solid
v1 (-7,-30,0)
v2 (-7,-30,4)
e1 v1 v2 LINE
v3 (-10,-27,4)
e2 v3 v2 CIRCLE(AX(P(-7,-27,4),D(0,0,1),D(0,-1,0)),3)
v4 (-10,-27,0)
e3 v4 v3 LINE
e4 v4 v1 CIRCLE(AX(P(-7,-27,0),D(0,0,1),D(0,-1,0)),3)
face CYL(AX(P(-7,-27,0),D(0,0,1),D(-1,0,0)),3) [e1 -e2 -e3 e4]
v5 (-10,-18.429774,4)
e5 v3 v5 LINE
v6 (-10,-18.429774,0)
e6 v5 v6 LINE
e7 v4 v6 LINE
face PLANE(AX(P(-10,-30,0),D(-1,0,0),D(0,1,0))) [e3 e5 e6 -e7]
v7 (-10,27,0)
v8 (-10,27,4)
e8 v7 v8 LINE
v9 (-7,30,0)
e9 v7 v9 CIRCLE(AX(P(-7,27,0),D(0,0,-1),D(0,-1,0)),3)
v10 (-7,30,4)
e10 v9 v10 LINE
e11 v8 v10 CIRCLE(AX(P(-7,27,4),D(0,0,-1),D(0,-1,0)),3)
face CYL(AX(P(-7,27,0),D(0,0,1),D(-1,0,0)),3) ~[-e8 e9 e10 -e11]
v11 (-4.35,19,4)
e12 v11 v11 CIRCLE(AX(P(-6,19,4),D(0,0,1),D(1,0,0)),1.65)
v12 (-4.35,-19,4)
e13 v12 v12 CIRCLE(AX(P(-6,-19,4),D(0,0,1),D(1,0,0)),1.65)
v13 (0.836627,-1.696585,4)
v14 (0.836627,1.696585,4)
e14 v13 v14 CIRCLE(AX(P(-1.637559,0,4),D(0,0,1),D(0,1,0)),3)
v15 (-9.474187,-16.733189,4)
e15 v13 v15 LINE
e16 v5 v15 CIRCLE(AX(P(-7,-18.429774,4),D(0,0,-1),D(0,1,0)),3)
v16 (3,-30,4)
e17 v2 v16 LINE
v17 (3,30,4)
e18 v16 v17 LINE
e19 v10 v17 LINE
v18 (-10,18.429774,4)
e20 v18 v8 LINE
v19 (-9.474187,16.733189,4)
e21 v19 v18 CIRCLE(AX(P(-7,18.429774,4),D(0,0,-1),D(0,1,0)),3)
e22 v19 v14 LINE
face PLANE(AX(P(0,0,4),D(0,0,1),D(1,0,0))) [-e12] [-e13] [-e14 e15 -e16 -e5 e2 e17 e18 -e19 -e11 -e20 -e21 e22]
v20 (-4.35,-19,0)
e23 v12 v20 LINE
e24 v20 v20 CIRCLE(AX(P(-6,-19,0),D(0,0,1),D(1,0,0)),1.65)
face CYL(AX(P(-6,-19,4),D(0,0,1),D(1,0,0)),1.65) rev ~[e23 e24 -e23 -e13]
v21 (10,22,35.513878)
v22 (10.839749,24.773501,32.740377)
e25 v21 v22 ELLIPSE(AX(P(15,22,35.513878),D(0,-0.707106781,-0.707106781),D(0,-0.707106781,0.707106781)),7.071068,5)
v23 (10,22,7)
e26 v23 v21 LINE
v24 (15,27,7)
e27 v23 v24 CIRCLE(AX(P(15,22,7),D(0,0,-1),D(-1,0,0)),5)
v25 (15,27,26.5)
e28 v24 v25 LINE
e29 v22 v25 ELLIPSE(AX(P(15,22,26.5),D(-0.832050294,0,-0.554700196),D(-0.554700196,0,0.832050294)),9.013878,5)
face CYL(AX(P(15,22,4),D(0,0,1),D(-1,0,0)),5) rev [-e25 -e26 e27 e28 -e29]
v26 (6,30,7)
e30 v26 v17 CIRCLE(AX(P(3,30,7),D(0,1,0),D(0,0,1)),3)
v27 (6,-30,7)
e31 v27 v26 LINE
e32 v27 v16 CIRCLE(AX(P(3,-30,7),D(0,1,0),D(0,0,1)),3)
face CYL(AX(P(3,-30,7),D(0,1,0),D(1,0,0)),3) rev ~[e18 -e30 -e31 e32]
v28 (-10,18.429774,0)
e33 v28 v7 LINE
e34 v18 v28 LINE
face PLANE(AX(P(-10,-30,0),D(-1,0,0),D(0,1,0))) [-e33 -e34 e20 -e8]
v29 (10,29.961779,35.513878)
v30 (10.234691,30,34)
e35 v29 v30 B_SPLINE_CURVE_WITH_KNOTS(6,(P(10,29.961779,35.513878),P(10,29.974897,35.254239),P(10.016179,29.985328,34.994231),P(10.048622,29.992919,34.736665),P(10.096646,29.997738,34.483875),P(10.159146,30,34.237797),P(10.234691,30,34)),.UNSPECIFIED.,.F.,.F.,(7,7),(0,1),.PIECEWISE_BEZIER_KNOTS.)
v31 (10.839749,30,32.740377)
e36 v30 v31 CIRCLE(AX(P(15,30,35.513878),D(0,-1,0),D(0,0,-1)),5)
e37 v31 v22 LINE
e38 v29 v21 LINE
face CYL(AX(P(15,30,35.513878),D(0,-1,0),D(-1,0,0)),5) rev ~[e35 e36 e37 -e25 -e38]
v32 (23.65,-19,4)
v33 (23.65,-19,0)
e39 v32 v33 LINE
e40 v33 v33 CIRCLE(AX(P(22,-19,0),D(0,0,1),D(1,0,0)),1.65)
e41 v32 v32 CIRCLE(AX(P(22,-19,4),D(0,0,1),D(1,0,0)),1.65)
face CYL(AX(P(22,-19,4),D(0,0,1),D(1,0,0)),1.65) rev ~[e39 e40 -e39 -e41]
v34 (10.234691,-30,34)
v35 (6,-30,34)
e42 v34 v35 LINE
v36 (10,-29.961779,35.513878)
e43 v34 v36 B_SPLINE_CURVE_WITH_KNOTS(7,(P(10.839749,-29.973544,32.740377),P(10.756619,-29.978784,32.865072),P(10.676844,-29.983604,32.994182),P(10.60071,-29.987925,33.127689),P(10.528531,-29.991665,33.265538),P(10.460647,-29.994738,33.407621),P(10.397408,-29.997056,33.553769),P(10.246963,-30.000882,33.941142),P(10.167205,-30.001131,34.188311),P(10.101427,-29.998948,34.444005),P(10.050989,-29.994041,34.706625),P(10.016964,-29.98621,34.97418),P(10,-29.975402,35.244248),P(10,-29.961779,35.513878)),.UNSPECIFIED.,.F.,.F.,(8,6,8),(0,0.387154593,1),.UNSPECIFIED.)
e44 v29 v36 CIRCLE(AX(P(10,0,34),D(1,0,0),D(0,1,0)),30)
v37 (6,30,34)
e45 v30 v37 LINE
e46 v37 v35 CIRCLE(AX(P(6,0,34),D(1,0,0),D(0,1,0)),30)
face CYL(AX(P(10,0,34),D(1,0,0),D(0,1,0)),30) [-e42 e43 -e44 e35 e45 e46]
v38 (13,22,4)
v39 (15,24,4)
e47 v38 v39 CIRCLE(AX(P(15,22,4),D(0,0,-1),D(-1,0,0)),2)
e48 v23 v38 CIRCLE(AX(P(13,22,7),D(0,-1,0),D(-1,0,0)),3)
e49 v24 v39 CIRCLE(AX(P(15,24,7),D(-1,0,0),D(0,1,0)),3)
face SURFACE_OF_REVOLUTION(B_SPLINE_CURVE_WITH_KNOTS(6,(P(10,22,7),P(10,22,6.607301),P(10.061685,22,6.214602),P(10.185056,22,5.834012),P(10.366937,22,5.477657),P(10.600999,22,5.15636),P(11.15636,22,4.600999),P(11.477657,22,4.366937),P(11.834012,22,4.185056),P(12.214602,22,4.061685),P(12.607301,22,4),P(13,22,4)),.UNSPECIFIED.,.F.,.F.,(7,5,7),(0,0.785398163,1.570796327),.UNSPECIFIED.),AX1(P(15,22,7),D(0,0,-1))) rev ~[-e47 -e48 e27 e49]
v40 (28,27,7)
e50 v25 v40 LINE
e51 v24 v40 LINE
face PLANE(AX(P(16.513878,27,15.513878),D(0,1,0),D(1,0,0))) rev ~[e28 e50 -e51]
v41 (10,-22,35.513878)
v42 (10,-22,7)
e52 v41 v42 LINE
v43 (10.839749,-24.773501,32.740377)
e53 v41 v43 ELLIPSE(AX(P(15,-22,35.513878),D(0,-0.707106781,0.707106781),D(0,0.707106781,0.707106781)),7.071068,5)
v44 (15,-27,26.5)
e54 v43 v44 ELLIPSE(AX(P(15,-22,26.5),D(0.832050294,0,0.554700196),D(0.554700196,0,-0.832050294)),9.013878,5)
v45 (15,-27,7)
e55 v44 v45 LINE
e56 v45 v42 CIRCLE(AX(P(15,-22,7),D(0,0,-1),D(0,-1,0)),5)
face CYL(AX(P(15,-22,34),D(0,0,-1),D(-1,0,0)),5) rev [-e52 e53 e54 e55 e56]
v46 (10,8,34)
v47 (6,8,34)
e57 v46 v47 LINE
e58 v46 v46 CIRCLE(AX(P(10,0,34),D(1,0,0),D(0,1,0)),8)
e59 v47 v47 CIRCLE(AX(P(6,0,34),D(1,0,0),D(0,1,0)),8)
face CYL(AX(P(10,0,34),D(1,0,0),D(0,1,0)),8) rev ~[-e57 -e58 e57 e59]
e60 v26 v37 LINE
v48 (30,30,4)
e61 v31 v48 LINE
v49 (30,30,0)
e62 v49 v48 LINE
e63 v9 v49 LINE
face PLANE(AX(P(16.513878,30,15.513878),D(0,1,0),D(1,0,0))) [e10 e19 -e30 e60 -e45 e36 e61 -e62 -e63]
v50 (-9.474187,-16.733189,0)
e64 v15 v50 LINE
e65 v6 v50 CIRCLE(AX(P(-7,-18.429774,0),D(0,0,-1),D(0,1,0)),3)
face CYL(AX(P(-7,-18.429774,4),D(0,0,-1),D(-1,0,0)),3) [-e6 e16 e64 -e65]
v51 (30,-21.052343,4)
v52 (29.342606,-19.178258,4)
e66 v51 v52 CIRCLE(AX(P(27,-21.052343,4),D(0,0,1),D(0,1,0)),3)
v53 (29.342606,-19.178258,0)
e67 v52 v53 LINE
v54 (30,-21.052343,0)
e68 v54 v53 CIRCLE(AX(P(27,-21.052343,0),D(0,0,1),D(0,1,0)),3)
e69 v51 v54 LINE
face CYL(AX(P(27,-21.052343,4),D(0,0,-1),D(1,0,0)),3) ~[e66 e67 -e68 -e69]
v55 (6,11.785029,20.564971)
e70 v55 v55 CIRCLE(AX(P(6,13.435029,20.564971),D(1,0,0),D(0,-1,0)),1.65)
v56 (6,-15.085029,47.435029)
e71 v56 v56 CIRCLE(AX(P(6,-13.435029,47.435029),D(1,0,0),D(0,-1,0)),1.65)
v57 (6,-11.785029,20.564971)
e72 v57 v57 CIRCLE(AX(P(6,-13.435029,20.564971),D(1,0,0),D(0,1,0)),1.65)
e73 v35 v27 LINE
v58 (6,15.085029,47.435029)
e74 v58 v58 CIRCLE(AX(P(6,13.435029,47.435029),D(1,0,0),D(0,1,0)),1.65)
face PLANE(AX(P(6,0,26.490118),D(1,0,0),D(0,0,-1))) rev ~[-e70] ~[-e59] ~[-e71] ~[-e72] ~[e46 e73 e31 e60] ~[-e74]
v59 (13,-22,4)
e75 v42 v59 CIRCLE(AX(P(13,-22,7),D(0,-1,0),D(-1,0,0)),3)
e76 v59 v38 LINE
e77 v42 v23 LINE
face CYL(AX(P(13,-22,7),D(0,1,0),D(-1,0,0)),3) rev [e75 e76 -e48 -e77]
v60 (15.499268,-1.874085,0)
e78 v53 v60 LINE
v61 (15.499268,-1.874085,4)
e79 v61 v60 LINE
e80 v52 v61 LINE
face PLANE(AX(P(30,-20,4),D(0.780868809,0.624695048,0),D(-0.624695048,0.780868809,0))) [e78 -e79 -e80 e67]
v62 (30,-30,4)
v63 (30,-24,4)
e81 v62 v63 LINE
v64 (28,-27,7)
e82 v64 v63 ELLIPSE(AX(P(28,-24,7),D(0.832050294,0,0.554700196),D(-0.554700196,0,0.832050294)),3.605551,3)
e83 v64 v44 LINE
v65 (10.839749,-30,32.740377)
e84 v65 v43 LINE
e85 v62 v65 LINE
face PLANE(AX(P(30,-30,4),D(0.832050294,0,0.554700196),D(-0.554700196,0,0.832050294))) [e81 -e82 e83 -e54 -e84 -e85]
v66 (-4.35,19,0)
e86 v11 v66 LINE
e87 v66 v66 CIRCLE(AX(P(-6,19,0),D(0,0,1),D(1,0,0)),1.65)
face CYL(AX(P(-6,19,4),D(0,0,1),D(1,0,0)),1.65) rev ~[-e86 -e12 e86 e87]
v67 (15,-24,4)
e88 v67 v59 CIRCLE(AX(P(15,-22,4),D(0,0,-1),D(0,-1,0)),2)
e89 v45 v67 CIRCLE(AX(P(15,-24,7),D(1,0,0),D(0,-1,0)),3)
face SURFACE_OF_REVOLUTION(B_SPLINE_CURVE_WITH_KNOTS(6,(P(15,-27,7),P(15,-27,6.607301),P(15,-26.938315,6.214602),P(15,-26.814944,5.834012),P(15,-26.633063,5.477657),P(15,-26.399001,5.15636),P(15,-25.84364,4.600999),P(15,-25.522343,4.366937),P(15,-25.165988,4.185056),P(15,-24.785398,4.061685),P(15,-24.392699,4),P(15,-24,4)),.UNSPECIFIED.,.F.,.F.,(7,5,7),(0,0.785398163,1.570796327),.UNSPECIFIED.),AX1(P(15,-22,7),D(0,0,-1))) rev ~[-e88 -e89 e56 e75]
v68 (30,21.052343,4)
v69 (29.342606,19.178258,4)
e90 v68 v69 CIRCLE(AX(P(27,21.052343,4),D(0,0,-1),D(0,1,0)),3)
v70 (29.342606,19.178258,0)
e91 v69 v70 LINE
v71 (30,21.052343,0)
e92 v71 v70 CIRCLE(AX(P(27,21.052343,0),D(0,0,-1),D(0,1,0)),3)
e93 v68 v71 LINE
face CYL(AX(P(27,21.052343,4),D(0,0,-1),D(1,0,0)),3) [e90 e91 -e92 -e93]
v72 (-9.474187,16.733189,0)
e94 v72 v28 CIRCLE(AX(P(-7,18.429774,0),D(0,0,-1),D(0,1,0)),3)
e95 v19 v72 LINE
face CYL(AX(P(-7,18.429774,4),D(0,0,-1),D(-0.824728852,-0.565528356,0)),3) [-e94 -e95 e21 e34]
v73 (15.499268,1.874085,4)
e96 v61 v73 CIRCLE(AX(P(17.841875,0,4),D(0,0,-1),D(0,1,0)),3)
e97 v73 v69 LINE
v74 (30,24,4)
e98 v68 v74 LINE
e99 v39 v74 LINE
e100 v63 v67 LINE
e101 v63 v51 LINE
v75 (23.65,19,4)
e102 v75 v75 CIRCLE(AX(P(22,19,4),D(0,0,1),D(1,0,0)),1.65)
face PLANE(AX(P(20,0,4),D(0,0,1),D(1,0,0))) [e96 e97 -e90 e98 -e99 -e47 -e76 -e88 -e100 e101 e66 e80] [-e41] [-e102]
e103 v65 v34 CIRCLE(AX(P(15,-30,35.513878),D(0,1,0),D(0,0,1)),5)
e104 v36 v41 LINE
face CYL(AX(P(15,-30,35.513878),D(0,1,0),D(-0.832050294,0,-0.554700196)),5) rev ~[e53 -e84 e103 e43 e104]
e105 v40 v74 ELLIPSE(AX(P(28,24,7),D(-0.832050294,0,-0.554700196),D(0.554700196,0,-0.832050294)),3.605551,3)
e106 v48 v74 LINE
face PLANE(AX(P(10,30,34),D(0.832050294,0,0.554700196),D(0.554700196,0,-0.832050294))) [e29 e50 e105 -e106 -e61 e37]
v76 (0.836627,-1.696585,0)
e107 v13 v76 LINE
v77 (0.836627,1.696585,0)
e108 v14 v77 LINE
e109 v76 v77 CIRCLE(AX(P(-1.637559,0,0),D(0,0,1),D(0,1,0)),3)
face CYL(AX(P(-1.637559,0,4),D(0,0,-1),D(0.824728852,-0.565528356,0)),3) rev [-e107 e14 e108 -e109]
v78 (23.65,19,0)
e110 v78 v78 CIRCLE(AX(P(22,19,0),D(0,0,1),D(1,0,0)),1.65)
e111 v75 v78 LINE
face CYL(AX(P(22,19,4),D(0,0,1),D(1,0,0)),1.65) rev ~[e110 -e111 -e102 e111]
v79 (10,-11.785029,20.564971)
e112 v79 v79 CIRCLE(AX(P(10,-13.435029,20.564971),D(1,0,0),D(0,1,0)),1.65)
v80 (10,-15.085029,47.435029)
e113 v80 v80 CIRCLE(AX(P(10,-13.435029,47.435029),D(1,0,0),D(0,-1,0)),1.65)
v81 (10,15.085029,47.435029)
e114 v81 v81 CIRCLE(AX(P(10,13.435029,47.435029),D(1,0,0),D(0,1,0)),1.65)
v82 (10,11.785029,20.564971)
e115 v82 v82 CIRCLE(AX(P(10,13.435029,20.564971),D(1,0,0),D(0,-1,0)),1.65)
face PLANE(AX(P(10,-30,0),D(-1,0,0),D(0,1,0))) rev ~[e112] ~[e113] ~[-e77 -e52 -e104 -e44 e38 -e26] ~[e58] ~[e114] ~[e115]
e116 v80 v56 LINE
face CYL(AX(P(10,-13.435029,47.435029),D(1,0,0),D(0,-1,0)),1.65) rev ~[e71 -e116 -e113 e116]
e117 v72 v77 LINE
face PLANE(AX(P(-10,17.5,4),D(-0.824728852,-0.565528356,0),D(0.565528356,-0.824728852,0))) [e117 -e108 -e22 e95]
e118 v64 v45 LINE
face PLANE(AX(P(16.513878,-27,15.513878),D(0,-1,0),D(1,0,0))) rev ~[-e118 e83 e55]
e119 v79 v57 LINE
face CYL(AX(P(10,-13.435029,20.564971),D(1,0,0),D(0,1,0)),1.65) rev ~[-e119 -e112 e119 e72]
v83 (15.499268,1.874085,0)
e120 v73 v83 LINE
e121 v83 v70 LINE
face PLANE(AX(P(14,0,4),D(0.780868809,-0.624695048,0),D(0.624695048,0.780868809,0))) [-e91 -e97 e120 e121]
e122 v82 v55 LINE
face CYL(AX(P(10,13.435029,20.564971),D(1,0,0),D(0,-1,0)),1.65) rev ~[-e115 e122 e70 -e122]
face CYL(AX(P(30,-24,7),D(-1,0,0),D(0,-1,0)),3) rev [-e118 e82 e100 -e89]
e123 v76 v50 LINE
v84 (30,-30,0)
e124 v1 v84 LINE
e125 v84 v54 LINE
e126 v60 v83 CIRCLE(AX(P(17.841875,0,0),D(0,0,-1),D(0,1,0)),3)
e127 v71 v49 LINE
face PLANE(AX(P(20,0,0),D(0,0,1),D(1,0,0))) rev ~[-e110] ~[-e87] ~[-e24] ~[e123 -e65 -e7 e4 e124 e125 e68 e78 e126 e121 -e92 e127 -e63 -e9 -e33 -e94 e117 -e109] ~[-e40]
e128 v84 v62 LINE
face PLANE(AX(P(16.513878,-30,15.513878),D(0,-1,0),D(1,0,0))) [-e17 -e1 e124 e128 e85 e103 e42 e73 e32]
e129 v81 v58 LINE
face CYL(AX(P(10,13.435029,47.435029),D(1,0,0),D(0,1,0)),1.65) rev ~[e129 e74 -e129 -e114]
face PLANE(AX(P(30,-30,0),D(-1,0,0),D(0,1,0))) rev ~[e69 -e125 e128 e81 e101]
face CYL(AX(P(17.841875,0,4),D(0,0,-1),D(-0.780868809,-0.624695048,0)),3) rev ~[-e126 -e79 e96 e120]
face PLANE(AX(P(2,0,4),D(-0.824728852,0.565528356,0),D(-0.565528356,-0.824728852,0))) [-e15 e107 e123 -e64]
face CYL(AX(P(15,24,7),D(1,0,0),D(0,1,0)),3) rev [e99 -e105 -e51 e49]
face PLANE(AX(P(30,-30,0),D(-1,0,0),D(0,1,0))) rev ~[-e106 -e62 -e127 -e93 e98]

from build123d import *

# Parameters (mm, degrees)
SKETCH_3_W          = 20
SKETCH_3_H          = 60
EXTRUDE_2_DEPTH     = 4
SKETCH_4_R          = 8
SKETCH_4_R_2        = 1.65
EXTRUDE_3_DEPTH     = 4
SKETCH_9_W          = 20
SKETCH_9_H          = 60
EXTRUDE_6_DEPTH     = 4
EXTRUDE_4_DEPTH     = 3
EXTRUDE_7_DEPTH     = 3
SKETCH_7_R          = 1.65
CUT_EXTRUDE_1_DEPTH = 74.484692283
FILLET_1_R          = 5
FILLET_2_R          = 3
FILLET_3_R          = 3


with BuildPart() as part:
    # 草图3 → 凸台-拉伸2 (new body)
    with BuildSketch(Plane.XY):
        Rectangle(SKETCH_3_W, SKETCH_3_H)
    extrude(amount=EXTRUDE_2_DEPTH)

    # 草图4 → 凸台-拉伸3 (add)
    with BuildSketch(Plane(origin=(10, 0, 0), x_dir=(0, 0, -1), z_dir=(1, 0, 0))):
        with BuildLine():
            Line((0, 30), (-34, 30))
            ThreePointArc((-34, 30), (-64, 0), (-34, -30))
            Line((-34, -30), (0, -30))
            Line((0, -30), (0, 30))
        make_face()
        with Locations(Location((-34, 0, 0), (0, 0, 90))):
            Circle(SKETCH_4_R, mode=Mode.SUBTRACT)
        with Locations(Location((-47.435028843, 13.435028843, 0), (0, 0, 90))):
            Circle(SKETCH_4_R_2, mode=Mode.SUBTRACT)
        with Locations(Location((-20.564971157, 13.435028843, 0), (0, 0, 270))):
            Circle(SKETCH_4_R_2, mode=Mode.SUBTRACT)
        with Locations(Location((-20.564971157, -13.435028843, 0), (0, 0, 90))):
            Circle(SKETCH_4_R_2, mode=Mode.SUBTRACT)
        with Locations(Location((-47.435028843, -13.435028843, 0), (0, 0, 270))):
            Circle(SKETCH_4_R_2, mode=Mode.SUBTRACT)
    extrude(amount=-EXTRUDE_3_DEPTH)

    # 草图9 → 凸台-拉伸6 (add)
    with BuildSketch(Plane.XY):
        with Locations((20, 0)):
            Rectangle(SKETCH_9_W, SKETCH_9_H)
    extrude(amount=EXTRUDE_6_DEPTH)

    # 草图5 → 凸台-拉伸4 (add)
    with BuildSketch(Plane(origin=(0, 30, 0), x_dir=(1, 0, 0), z_dir=(0, 1, 0))):
        Polygon((10, -34), (30, -4), (10, -4), align=None)
    extrude(amount=-EXTRUDE_4_DEPTH)

    # 草图11 → 凸台-拉伸7 (add)
    with BuildSketch(Plane.XZ.offset(30)):
        Polygon((10, 34), (10, 4), (30, 4), align=None)
    extrude(amount=-EXTRUDE_7_DEPTH)

    # 草图7 → 切除-拉伸1 (cut, through all)
    with BuildSketch(Plane.XY.offset(4)):
        with Locations((-6, 19)):
            Circle(SKETCH_7_R)
        with Locations((22, 19)):
            Circle(SKETCH_7_R)
        with Locations((22, -19)):
            Circle(SKETCH_7_R)
        with Locations((-6, -19)):
            Circle(SKETCH_7_R)
        Polygon((-10, 17.5), (2, 0), (-10, -17.5), align=None)
        Polygon((14, 0), (30, 20), (30, -20), align=None)
    extrude(amount=-CUT_EXTRUDE_1_DEPTH, mode=Mode.SUBTRACT)

    # 圆角1
    fillet_1_edges = [part.edges().sort_by_distance(p)[0] for p in [
        (10, 27, 19),
        (10, 28.5, 34),
        (10, -28.5, 34),
        (10, -27, 19),
    ]]
    fillet(fillet_1_edges, radius=FILLET_1_R)

    # 圆角2
    fillet_2_edges = [part.edges().sort_by_distance(p)[0] for p in [
        (-10, -17.5, 2),
        (-10, 17.5, 2),
        (2, 0, 2),
        (30, -20, 2),
        (14, 0, 2),
        (30, 20, 2),
        (10, 0, 4),
        (22.5, -27, 4),
        (11.464466094, 25.535533906, 4),
        (11.464466094, -25.535533906, 4),
        (22.5, 27, 4),
    ]]
    fillet(fillet_2_edges, radius=FILLET_2_R)

    # 圆角3
    fillet_3_edges = [part.edges().sort_by_distance(p)[0] for p in [
        (6, 0, 4),
        (-10, 30, 2),
        (-10, -30, 2),
    ]]
    fillet(fillet_3_edges, radius=FILLET_3_R)


solid = part.part
